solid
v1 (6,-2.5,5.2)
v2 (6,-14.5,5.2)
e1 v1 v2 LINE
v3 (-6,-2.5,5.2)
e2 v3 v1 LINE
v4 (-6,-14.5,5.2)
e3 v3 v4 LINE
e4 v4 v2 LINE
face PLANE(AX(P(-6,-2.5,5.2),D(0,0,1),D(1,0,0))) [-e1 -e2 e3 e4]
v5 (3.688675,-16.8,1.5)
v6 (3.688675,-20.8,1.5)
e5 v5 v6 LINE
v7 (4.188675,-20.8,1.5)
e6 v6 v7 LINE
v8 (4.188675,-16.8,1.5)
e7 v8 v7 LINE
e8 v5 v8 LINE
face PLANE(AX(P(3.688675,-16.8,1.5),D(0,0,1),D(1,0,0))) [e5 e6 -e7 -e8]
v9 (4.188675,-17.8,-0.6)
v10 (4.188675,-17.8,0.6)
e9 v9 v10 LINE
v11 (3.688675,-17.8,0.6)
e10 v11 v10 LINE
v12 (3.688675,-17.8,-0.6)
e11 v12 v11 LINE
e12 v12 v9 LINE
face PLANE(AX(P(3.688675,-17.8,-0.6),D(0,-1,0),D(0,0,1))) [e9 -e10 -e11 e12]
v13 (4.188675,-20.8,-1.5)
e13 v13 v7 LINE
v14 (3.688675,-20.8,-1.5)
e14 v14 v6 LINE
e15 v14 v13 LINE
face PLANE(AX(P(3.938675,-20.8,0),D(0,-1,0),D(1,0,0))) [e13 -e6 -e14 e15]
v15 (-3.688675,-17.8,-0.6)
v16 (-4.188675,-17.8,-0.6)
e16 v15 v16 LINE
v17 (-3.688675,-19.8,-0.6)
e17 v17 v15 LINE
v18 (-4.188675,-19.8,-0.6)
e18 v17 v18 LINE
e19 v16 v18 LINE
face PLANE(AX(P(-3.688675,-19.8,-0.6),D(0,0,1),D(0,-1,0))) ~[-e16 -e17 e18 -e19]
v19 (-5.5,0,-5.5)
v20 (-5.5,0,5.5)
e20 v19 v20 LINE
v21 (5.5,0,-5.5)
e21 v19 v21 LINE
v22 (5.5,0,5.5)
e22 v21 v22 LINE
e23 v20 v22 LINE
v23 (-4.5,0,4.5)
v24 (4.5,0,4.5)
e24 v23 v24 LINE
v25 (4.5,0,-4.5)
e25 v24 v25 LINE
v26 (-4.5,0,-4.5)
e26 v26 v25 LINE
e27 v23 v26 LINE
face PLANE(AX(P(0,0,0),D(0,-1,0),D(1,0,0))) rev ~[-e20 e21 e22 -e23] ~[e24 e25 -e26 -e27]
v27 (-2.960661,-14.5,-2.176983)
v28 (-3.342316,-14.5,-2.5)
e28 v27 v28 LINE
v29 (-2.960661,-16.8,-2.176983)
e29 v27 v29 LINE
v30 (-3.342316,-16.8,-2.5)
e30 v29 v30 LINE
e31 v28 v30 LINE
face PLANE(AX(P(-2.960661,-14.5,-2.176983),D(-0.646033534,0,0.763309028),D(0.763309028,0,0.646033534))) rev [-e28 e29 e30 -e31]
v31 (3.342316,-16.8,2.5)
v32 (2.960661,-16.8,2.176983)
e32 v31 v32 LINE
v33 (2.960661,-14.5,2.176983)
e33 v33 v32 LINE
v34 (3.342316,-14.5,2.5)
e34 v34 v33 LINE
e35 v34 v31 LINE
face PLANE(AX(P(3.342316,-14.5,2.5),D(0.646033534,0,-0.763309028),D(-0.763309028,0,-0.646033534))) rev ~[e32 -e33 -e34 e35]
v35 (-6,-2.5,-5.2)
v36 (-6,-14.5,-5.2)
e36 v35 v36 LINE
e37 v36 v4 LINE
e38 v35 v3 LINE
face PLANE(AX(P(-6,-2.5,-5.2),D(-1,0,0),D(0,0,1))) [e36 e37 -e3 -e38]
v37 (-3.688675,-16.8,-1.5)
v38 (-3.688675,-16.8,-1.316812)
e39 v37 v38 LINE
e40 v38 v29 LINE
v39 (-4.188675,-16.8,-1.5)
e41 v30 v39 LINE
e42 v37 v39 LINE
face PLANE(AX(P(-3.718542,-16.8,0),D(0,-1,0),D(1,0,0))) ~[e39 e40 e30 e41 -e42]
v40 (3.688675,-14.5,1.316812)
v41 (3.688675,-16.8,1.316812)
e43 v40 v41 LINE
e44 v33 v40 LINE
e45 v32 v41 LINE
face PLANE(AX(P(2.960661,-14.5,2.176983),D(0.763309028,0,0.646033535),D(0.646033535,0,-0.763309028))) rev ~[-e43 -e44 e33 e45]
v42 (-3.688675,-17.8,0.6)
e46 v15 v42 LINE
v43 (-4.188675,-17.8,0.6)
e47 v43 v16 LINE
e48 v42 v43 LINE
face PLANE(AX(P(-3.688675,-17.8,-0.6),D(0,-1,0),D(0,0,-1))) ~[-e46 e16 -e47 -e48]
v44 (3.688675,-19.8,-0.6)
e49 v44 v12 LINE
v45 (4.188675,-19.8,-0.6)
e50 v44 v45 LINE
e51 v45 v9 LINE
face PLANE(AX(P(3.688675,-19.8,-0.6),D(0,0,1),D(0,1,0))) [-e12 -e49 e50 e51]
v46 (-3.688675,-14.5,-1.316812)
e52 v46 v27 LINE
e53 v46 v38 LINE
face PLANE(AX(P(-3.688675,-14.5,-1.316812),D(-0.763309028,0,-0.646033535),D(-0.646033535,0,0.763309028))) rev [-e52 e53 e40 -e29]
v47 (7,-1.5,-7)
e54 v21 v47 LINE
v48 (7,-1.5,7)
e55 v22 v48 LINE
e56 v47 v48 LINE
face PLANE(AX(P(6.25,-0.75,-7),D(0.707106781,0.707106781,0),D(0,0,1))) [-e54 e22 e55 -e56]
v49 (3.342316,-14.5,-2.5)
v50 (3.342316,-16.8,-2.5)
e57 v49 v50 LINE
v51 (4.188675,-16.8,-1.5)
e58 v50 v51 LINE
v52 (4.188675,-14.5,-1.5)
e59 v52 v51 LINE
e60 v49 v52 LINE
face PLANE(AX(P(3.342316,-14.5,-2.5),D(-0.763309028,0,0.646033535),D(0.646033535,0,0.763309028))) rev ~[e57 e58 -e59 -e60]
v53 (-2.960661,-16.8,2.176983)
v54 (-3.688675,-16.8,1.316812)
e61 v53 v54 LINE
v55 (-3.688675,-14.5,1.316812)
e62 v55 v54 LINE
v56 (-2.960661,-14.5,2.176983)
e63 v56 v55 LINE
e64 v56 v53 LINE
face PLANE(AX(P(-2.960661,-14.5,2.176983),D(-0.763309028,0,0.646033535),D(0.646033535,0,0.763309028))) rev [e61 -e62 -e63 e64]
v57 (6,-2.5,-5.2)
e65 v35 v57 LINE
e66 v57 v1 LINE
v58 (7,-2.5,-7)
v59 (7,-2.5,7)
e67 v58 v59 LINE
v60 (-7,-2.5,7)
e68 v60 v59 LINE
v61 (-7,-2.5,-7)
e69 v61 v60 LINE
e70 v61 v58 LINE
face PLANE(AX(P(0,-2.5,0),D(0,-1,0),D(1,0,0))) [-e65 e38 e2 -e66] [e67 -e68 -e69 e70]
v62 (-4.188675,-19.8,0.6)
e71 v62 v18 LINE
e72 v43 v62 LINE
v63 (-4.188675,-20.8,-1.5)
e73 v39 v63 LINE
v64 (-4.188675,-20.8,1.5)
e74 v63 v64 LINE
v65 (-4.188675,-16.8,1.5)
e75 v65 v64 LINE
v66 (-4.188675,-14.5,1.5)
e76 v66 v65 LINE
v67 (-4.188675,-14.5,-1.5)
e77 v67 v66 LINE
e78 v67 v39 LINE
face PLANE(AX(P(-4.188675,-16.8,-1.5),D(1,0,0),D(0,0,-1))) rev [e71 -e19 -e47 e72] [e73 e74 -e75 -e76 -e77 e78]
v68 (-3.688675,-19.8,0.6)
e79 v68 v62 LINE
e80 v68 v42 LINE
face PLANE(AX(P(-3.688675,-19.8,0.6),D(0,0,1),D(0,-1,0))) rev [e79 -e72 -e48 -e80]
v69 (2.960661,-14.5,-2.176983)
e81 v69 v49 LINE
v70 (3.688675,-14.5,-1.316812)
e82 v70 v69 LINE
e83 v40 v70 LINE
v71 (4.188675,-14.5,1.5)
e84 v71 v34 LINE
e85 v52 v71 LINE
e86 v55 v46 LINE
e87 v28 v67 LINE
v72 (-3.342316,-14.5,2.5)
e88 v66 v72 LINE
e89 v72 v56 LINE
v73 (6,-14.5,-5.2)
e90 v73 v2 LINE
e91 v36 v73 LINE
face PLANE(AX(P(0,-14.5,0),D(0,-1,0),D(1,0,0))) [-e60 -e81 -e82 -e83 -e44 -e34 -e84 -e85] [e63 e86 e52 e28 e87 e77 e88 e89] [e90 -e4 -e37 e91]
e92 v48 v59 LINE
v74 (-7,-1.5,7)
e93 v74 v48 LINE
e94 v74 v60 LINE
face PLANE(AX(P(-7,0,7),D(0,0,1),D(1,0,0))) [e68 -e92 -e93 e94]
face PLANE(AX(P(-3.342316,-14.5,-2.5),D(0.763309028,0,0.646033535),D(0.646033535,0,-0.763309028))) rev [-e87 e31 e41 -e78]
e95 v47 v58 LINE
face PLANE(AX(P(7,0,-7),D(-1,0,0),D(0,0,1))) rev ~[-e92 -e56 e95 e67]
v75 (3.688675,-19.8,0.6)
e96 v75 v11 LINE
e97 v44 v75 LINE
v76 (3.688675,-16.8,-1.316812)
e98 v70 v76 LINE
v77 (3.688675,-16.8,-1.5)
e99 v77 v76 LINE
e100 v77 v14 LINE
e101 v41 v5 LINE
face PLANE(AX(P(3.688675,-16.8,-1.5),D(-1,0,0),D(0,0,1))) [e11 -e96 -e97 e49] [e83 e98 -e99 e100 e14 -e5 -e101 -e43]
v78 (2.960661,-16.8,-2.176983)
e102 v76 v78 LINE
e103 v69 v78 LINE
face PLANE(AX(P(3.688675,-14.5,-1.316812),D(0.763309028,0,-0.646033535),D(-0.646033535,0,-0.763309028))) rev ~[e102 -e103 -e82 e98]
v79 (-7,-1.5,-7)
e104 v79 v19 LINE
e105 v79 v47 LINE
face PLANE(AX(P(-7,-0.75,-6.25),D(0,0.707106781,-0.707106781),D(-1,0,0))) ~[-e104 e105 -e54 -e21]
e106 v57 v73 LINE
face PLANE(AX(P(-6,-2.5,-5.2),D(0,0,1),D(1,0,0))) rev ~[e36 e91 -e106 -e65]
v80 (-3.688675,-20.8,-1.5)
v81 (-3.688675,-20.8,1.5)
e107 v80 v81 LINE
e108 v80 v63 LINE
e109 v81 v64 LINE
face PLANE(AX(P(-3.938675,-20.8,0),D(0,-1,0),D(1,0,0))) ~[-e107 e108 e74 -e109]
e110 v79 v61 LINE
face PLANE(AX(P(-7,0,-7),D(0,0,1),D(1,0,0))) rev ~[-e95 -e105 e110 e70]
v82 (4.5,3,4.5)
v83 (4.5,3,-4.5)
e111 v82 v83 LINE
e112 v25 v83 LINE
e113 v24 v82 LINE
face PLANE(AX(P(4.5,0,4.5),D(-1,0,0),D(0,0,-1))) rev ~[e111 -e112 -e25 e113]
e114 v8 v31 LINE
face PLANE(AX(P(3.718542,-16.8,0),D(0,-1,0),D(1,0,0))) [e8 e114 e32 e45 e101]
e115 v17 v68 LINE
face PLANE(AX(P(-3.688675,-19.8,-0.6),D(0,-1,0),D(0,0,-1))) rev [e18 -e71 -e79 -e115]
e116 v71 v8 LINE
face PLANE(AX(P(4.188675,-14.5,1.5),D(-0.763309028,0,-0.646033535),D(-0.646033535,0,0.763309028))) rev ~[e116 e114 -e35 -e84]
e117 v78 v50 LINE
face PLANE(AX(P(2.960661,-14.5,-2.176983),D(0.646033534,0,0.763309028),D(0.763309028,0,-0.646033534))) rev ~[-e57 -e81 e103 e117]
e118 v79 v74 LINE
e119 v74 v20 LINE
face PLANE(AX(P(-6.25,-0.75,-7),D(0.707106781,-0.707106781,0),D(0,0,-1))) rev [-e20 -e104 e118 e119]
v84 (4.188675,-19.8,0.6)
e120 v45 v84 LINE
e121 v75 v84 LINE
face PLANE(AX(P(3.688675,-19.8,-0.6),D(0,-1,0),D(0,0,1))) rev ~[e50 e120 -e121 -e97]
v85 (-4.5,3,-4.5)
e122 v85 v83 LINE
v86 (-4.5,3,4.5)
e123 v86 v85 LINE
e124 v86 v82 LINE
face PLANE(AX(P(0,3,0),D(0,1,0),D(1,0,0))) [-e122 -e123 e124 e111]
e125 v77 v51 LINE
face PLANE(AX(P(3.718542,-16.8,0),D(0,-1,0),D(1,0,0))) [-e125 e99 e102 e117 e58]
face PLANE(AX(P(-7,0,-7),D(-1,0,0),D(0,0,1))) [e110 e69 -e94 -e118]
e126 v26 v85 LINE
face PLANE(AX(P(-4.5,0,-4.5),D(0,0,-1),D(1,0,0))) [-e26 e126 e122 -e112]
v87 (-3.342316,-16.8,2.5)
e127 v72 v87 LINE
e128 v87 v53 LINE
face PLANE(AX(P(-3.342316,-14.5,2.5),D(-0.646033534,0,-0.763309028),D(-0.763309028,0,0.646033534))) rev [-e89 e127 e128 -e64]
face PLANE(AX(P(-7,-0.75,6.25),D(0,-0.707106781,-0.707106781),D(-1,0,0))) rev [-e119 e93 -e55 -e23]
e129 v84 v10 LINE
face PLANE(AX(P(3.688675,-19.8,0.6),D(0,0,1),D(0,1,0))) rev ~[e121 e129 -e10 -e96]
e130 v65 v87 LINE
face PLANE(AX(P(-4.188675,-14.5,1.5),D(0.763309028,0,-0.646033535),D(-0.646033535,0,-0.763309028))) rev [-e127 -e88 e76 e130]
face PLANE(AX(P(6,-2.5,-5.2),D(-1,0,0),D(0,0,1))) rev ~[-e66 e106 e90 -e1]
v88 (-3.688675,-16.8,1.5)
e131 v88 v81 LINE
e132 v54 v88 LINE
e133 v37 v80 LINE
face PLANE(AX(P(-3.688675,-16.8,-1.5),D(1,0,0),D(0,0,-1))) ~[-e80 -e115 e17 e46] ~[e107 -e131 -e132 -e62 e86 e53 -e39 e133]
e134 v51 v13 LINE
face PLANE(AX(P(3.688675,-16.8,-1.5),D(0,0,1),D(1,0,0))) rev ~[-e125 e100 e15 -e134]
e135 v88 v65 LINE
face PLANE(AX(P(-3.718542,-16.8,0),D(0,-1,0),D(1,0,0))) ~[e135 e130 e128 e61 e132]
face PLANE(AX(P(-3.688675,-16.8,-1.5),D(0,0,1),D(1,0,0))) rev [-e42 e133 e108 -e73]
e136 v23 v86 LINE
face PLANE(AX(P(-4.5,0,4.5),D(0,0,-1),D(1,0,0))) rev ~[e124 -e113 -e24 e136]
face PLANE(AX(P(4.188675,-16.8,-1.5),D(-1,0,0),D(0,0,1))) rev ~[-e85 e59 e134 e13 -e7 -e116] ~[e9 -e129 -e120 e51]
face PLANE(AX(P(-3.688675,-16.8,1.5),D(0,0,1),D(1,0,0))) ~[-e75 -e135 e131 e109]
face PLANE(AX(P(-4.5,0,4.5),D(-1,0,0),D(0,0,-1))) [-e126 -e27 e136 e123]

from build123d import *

# Parameters (mm, degrees)
SKETCH_1_W          = 9
SKETCH_1_H          = 9
EXTRUDE_1_DEPTH     = 3
SKETCH_2_W          = 14
SKETCH_2_H          = 14
EXTRUDE_2_DEPTH     = 2.5
CHAMFER_1_SIZE      = 1.5
SKETCH_3_W          = 12
SKETCH_3_H          = 10.4
EXTRUDE_3_DEPTH     = 12
EXTRUDE_4_DEPTH     = 2.3
SKETCH_5_W          = 0.5
SKETCH_5_H          = 3
EXTRUDE_5_DEPTH     = 4
SKETCH_6_W          = 1.2
SKETCH_6_H          = 2
CUT_EXTRUDE_1_DEPTH = 4


with BuildPart() as part:
    # Эскиз1 → Бобышка-Вытянуть1 (new body)
    with BuildSketch(Plane(origin=(0, 0, 0), x_dir=(1, 0, 0), z_dir=(0, 1, 0))):
        Rectangle(SKETCH_1_W, SKETCH_1_H)
    extrude(amount=EXTRUDE_1_DEPTH)

    # Эскиз2 → Бобышка-Вытянуть2 (add)
    with BuildSketch(Plane.XZ):
        Rectangle(SKETCH_2_W, SKETCH_2_H)
    extrude(amount=EXTRUDE_2_DEPTH)

    # Фаска1
    chamfer_1_edges = [part.edges().sort_by_distance(p)[0] for p in [
        (7, 0, 0),
        (0, 0, 7),
        (-7, 0, 0),
        (0, 0, -7),
    ]]
    chamfer(chamfer_1_edges, length=CHAMFER_1_SIZE)

    # Эскиз3 → Бобышка-Вытянуть3 (add)
    with BuildSketch(Plane.XZ.offset(2.5)):
        Rectangle(SKETCH_3_W, SKETCH_3_H)
    extrude(amount=EXTRUDE_3_DEPTH)

    # Эскиз4 → Бобышка-Вытянуть4 (add)
    with BuildSketch(Plane.XZ.offset(14.5)):
        Polygon((4.188675038, -1.5), (4.188675038, 1.5), (3.342315947, 2.5), (2.960661433, 2.176983233), (3.688675038, 1.316812163), (3.688675038, -1.316812163), (2.960661433, -2.176983233), (3.342315947, -2.5), align=None)
    extrude_4 = extrude(amount=EXTRUDE_4_DEPTH)

    # Эскиз5 → Бобышка-Вытянуть5 (add)
    with BuildSketch(Plane.XZ.offset(16.8)):
        with Locations((3.938675038, 0)):
            Rectangle(SKETCH_5_W, SKETCH_5_H)
    extrude_5 = extrude(amount=EXTRUDE_5_DEPTH)

    # Эскиз6 → Вырез-Вытянуть1 (cut)
    with BuildSketch(Plane.ZY.offset(-3.688675038)):
        with Locations((0, -18.8)):
            Rectangle(SKETCH_6_W, SKETCH_6_H)
    cut_extrude_1 = extrude(amount=-CUT_EXTRUDE_1_DEPTH, mode=Mode.SUBTRACT)

    # Зеркальное отражение1: Бобышка-Вытянуть4, Бобышка-Вытянуть5, Вырез-Вытянуть1 across plane
    add(extrude_4.mirror(Plane(origin=(0, 0, 0), x_dir=(0, 0, 1), z_dir=(1, 0, 0))))
    add(extrude_5.mirror(Plane(origin=(0, 0, 0), x_dir=(0, 0, 1), z_dir=(1, 0, 0))))
    add(cut_extrude_1.mirror(Plane(origin=(0, 0, 0), x_dir=(0, 0, 1), z_dir=(1, 0, 0))), mode=Mode.SUBTRACT)


solid = part.part
